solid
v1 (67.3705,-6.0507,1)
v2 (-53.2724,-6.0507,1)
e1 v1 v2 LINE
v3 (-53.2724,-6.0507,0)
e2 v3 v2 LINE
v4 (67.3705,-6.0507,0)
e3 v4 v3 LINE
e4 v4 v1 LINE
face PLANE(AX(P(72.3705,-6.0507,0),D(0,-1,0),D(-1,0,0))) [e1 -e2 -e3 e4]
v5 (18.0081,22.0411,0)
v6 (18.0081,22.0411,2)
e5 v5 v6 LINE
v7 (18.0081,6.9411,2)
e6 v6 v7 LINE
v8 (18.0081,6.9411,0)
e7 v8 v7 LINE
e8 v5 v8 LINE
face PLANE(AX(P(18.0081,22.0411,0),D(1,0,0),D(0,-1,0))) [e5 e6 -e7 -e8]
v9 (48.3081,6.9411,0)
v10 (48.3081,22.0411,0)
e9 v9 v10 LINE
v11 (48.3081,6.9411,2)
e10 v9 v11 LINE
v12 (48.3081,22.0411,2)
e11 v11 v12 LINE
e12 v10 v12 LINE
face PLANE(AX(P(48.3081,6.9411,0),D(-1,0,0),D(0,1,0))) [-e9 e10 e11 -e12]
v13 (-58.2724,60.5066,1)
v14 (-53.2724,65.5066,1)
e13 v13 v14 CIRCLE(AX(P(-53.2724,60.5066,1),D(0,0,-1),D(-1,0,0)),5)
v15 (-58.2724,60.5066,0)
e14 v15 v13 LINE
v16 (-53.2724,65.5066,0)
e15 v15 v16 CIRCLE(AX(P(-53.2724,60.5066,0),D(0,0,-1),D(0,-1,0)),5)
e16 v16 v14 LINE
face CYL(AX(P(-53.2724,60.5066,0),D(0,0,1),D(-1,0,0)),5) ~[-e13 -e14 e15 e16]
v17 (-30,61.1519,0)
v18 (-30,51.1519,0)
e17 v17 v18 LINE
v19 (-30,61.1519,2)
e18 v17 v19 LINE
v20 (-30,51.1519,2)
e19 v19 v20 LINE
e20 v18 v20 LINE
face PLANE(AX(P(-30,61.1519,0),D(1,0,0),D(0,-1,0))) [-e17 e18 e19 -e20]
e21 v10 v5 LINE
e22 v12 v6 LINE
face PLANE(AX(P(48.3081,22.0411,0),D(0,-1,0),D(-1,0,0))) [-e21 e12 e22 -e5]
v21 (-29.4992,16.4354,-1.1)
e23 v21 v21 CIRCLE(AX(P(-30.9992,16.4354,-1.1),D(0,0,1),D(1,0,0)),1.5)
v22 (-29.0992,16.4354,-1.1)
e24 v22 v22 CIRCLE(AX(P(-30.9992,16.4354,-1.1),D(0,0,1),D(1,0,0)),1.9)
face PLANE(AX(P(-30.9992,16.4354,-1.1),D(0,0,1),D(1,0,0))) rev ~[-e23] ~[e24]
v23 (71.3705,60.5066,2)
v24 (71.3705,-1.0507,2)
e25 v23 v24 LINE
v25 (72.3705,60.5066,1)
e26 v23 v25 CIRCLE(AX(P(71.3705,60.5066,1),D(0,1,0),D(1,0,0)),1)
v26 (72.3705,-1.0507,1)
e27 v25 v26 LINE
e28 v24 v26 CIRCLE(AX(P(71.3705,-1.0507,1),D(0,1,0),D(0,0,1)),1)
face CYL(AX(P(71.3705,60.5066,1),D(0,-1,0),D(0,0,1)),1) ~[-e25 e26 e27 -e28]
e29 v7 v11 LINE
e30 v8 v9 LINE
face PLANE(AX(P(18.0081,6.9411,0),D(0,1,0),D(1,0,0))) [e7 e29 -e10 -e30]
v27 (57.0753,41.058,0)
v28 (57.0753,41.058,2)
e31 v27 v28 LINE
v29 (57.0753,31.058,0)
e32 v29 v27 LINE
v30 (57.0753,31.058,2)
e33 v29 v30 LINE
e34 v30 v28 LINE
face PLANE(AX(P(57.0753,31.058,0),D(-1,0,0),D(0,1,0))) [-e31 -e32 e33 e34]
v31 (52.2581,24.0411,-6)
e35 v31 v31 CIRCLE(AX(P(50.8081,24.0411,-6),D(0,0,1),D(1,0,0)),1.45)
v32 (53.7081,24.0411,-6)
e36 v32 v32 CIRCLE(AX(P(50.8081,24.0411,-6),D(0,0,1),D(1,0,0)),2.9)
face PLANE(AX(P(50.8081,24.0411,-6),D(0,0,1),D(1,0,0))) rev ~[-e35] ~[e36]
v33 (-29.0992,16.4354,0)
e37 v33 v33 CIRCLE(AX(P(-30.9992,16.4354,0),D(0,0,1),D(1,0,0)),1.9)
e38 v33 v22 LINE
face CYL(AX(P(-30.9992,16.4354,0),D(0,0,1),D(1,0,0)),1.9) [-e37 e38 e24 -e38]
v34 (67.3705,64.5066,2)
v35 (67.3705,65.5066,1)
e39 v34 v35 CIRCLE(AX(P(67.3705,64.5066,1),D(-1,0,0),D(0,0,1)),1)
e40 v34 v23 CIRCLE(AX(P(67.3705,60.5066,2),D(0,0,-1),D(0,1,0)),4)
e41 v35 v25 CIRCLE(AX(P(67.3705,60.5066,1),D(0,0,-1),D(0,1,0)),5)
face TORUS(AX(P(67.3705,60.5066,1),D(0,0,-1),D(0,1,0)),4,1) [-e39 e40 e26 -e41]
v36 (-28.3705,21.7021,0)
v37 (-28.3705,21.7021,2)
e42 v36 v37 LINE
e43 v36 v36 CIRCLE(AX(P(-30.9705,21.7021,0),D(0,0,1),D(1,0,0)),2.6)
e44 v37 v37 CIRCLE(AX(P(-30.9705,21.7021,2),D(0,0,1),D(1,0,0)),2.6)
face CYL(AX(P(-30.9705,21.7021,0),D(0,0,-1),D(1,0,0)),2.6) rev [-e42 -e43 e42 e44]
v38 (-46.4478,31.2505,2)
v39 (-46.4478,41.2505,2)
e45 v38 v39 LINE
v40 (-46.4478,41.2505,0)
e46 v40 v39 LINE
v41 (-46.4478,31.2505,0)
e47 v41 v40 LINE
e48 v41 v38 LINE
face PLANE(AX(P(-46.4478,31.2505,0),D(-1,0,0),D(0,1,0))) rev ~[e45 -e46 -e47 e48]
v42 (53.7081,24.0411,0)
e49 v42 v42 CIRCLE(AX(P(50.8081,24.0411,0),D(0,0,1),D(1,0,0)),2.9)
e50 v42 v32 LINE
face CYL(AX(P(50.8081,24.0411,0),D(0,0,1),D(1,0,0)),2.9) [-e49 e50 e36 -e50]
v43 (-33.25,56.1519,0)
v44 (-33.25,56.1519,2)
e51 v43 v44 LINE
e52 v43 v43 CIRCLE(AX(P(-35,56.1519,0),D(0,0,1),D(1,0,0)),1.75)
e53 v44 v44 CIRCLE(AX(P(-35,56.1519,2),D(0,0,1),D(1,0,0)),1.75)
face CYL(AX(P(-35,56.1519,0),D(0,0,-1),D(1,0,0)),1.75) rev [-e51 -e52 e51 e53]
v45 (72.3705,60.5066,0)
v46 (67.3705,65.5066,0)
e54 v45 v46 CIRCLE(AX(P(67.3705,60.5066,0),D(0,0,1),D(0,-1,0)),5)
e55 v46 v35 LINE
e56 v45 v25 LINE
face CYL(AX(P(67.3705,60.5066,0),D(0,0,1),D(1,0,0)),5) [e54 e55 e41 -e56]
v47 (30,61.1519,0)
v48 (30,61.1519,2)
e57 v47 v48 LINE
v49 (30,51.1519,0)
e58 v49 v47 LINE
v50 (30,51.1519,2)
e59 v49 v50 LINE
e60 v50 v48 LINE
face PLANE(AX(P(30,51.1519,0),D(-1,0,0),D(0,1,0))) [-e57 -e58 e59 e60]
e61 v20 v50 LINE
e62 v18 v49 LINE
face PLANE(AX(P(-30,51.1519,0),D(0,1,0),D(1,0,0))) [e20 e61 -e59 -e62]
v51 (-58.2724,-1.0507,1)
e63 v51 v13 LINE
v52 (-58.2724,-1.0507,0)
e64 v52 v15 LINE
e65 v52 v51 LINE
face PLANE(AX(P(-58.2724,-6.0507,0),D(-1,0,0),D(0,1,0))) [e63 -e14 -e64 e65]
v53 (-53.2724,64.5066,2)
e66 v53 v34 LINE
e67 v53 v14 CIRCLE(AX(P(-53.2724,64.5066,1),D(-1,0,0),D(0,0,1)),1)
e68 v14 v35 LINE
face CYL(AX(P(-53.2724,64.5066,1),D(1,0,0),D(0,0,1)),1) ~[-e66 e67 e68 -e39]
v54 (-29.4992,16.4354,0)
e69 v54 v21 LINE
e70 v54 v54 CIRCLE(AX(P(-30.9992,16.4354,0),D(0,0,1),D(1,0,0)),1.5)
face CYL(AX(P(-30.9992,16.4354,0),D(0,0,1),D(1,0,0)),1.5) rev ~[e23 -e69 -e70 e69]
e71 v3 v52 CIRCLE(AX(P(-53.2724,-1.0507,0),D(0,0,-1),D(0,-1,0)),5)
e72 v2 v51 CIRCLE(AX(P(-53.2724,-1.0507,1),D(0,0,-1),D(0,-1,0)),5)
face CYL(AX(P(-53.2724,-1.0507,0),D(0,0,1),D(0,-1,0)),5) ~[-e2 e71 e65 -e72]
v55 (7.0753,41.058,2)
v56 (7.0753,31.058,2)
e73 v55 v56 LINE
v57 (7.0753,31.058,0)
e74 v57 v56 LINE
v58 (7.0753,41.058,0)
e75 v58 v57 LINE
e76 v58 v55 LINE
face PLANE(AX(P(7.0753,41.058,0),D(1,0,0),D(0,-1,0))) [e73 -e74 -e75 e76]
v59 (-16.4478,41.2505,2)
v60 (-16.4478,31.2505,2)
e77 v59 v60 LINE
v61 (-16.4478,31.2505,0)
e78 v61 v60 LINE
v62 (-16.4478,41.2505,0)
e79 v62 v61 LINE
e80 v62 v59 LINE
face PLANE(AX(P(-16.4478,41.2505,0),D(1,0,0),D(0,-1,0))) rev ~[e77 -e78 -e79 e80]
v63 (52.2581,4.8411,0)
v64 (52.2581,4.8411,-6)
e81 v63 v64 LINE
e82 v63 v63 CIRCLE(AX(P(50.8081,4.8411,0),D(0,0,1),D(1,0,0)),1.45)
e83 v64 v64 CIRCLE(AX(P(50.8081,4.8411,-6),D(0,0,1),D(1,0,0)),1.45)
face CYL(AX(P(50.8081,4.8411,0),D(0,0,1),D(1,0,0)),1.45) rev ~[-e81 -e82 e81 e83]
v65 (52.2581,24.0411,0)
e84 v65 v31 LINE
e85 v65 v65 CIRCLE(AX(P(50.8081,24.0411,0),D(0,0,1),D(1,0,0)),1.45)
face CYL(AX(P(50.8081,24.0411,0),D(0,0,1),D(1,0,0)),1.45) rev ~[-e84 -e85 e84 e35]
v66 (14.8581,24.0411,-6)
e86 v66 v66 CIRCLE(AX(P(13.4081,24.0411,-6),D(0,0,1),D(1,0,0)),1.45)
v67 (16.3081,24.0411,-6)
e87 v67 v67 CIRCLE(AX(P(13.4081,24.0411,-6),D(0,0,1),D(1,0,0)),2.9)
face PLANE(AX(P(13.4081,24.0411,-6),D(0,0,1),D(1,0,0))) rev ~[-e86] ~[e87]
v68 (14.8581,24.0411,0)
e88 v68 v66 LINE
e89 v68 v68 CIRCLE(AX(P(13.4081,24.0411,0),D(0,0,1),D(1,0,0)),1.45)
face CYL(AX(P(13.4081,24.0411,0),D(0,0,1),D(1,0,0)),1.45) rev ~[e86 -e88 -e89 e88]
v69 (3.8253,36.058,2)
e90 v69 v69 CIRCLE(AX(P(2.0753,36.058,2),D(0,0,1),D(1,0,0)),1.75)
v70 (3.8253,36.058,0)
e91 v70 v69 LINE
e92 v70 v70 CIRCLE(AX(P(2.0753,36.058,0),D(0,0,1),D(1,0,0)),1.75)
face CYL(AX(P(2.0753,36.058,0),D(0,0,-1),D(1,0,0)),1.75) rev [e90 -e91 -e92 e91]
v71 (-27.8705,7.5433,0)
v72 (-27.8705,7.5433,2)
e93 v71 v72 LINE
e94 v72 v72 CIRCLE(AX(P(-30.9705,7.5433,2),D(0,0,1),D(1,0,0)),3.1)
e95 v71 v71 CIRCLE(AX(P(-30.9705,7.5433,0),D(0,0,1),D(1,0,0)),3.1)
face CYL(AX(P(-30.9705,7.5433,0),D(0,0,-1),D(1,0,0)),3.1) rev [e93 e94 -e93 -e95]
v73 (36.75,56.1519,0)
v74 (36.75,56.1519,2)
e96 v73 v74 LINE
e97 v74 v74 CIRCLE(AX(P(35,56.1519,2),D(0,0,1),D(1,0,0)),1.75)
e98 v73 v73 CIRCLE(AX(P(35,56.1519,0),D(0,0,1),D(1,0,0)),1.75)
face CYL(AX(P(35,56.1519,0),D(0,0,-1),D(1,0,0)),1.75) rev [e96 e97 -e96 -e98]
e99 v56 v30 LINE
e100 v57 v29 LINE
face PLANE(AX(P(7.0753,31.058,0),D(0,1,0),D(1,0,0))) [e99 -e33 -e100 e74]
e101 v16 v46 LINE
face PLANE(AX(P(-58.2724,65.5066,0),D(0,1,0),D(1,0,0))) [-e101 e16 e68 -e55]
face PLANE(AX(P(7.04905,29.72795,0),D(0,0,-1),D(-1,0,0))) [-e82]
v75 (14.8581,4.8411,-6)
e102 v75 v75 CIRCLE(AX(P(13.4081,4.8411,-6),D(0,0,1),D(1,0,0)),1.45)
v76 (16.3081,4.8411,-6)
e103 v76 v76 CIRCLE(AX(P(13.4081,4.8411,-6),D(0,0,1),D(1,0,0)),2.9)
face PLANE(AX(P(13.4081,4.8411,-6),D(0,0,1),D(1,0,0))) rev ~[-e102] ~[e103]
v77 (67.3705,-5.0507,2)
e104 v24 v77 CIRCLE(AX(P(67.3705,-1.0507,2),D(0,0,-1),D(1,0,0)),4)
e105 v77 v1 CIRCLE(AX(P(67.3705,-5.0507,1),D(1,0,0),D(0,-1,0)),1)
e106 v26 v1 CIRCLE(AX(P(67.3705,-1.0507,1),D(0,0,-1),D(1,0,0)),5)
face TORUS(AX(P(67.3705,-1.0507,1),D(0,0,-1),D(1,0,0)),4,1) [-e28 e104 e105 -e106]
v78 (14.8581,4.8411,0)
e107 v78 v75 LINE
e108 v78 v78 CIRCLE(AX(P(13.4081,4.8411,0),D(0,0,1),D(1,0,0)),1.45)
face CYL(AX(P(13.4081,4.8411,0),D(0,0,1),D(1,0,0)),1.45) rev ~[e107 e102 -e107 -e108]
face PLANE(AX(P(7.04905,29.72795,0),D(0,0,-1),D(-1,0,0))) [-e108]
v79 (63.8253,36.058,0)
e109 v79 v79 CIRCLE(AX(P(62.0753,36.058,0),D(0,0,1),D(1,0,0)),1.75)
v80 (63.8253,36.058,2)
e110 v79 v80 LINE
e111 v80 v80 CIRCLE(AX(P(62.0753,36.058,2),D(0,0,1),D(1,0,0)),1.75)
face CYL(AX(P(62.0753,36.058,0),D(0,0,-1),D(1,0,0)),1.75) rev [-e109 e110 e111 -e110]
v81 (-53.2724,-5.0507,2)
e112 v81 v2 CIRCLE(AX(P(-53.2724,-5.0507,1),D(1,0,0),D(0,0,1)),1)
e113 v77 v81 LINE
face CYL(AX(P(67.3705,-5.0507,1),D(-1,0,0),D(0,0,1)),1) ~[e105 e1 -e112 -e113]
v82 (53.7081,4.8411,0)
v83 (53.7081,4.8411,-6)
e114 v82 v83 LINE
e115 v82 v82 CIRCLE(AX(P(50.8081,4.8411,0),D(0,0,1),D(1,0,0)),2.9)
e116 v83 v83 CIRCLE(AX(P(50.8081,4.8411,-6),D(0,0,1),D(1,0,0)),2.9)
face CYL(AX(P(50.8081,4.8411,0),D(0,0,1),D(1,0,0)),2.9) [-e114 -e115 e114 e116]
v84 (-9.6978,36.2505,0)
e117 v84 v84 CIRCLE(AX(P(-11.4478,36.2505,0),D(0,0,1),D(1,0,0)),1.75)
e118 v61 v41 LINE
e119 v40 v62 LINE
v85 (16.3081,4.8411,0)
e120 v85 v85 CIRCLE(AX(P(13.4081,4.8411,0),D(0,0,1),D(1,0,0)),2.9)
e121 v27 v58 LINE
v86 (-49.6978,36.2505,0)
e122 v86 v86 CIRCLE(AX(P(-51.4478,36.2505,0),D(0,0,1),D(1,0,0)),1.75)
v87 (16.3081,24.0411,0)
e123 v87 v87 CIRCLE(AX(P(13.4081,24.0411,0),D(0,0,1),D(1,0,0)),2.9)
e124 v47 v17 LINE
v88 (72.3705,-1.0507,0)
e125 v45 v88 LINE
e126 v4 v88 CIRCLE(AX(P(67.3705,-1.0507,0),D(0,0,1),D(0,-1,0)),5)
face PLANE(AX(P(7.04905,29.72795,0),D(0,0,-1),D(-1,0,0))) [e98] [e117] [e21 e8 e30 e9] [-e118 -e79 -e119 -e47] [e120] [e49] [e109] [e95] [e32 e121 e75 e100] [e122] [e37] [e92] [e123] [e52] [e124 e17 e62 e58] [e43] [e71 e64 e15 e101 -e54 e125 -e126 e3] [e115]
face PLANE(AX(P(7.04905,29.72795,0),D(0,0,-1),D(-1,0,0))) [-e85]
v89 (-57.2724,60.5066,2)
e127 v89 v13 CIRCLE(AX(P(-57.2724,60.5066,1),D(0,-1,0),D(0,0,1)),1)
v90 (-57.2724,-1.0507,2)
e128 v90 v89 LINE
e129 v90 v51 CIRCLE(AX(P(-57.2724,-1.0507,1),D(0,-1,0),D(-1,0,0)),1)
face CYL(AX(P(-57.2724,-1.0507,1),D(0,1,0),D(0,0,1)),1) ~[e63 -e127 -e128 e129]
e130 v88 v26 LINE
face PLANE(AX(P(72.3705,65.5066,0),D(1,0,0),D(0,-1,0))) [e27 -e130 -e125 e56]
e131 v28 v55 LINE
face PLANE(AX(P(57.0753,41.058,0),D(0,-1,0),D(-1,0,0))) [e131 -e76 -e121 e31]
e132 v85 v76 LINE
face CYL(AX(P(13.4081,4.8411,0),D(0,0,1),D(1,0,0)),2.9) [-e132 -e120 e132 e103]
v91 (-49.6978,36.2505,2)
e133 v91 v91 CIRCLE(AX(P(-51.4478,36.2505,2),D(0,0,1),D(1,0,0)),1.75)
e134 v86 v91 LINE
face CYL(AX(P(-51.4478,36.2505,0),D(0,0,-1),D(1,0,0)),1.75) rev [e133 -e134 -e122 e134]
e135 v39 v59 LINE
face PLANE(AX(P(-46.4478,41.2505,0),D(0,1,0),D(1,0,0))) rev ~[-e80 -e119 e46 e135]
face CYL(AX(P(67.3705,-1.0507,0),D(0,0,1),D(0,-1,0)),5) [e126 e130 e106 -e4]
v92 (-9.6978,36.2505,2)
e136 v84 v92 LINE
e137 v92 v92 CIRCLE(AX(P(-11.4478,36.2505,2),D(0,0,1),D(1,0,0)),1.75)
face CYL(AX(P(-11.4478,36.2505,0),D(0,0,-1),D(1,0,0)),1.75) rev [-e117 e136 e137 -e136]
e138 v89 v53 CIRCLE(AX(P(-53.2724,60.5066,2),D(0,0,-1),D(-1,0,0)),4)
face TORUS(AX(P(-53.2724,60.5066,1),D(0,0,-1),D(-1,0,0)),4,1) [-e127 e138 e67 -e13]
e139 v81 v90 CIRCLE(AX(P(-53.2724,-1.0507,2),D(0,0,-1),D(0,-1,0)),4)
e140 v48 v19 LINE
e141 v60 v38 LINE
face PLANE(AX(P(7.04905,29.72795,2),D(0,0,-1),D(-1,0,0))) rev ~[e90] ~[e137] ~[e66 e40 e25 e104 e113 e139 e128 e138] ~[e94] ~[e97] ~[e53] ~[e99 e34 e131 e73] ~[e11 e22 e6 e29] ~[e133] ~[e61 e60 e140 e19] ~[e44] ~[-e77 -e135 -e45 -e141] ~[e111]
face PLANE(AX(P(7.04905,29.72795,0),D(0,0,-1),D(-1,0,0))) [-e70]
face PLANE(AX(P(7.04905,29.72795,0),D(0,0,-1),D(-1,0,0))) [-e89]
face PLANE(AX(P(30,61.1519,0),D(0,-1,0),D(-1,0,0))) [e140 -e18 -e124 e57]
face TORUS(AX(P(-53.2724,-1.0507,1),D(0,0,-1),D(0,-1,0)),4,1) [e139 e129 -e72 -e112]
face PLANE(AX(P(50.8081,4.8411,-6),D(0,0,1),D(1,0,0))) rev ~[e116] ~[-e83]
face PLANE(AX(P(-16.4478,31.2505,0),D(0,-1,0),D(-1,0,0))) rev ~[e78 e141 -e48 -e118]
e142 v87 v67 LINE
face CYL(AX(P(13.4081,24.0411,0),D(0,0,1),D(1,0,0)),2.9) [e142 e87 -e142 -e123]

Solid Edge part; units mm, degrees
sketch "Sketch1" plane through (0, 0, 0) normal (0, 0, 1) x (1, 0, 0)
  circle A0 centre (-30.9705, 21.7021) radius 2.6
  line L0 (-16.4478, 31.2505) -> (-46.4478, 31.2505)
  line L1 (-46.4478, 31.2505) -> (-46.4478, 41.2505)
  line L2 (-46.4478, 41.2505) -> (-16.4478, 41.2505)
  line L3 (-16.4478, 41.2505) -> (-16.4478, 31.2505)
  circle A1 centre (-30.9705, 7.5433) radius 3.1
  circle A2 centre (50.8081, 24.0411) radius 2.9
  line L4 (72.3705, -6.0507) -> (-58.2724, -6.0507)
  line L5 (-58.2724, -6.0507) -> (-58.2724, 65.5066)
  line L6 (-58.2724, 65.5066) -> (72.3705, 65.5066)
  line L7 (72.3705, 65.5066) -> (72.3705, -6.0507)
  line L8 (30, 61.1519) -> (-30, 61.1519)
  line L9 (-30, 61.1519) -> (-30, 51.1519)
  line L10 (-30, 51.1519) -> (30, 51.1519)
  line L11 (30, 51.1519) -> (30, 61.1519)
  line L12 (57.0753, 31.058) -> (57.0753, 41.058)
  line L13 (57.0753, 41.058) -> (7.0753, 41.058)
  line L14 (7.0753, 41.058) -> (7.0753, 31.058)
  line L15 (7.0753, 31.058) -> (57.0753, 31.058)
  circle A3 centre (62.0753, 36.058) radius 1.75
  circle A4 centre (35, 56.1519) radius 1.75
  circle A5 centre (-51.4478, 36.2505) radius 1.75
  circle A6 centre (-35, 56.1519) radius 1.75
  circle A7 centre (2.0753, 36.058) radius 1.75
  circle A8 centre (-11.4478, 36.2505) radius 1.75
  circle A9 centre (13.4081, 4.8411) radius 2.9
  line L16 (48.3081, 6.9411) -> (48.3081, 22.0411)
  line L17 (48.3081, 22.0411) -> (18.0081, 22.0411)
  line L18 (18.0081, 22.0411) -> (18.0081, 6.9411)
  line L19 (18.0081, 6.9411) -> (48.3081, 6.9411)
  circle A10 centre (13.4081, 24.0411) radius 2.9
  circle A11 centre (50.8081, 4.8411) radius 2.9
  dimension "D1" = 60
  dimension "D2" = 10
  dimension "D3" = 10
  dimension "D4" = 30
  dimension "D5" = 10
  dimension "D6" = 50
  dimension "D7" = 5
  dimension "D8" = 5
  dimension "D9" = 5
  dimension "D10" = 5
  dimension "D11" = 5
  dimension "D12" = 5
  dimension "D13" = 2.9
  dimension "D14" = 2.9
  dimension "D15" = 2.5
extrude "Protrusion1" add sketch "Sketch1" along normal blind 2
fillet "Round_1" [suppressed]
fillet "Round_2" [suppressed]
sketch "Sketch2" plane through (0, 0, 0) normal (0, 0, 1) x (1, 0, 0)
  circle A0 centre (-30.9992, 16.4354) radius 1.5
  circle A1 centre (-30.9992, 16.4354) radius 1.9
  dimension "D1" = 60
  dimension "D2" = 10
  dimension "D3" = 10
  dimension "D4" = 30
  dimension "D5" = 10
  dimension "D6" = 50
  dimension "D7" = 5
  dimension "D8" = 5
  dimension "D9" = 5
  dimension "D10" = 5
  dimension "D11" = 5
  dimension "D12" = 5
  dimension "D13" = 2.9
  dimension "D14" = 2.9
  dimension "D15" = 2.5
extrude "ExtrudedProtrusion_3" add sketch "Sketch2" against normal blind 1.1
fillet "Round_3" radius 5 4 edges at (-58.2724, -6.0507, 1) (-58.2724, 65.5066, 1) (72.3705, -6.0507, 1) (72.3705, 65.5066, 1)
fillet "Round_4" radius 1 8 edges at (7.049, 65.5066, 2) (70.906, 64.0422, 2) (72.3705, 29.7279, 2) (70.906, -4.5863, 2) (7.049, -6.0507, 2) (-56.8079, -4.5863, 2) (-58.2724, 29.7279, 2) (-56.8079, 64.0422, 2)
sketch "Sketch3" plane through (0, 0, 0) normal (0, 0, 1) x (1, 0, 0)
  circle A0 centre (50.8081, 4.8411) radius 2.9
  circle A1 centre (13.4081, 4.8411) radius 2.9
  circle A2 centre (13.4081, 24.0411) radius 2.9
  circle A3 centre (50.8081, 24.0411) radius 2.9
  dimension "D1" = 60
  dimension "D2" = 10
  dimension "D3" = 10
  dimension "D4" = 30
  dimension "D5" = 10
  dimension "D6" = 50
  dimension "D7" = 5
  dimension "D8" = 5
  dimension "D9" = 5
  dimension "D10" = 5
  dimension "D11" = 5
  dimension "D12" = 5
  dimension "D13" = 2.9
  dimension "D14" = 2.9
  dimension "D15" = 2.5
extrude "ExtrudedProtrusion_6" add sketch "Sketch3" along normal blind 2
sketch "Sketch4" plane through (0, 0, 0) normal (0, 0, 1) x (1, 0, 0)
  circle A0 centre (50.8081, 24.0411) radius 2.9
  circle A1 centre (50.8081, 24.0411) radius 1.45
  circle A2 centre (50.8081, 4.8411) radius 2.9
  circle A3 centre (50.8081, 4.8411) radius 1.45
  circle A4 centre (13.4081, 4.8411) radius 2.9
  circle A5 centre (13.4081, 4.8411) radius 1.45
  circle A6 centre (13.4081, 24.0411) radius 2.9
  circle A7 centre (13.4081, 24.0411) radius 1.45
  dimension "D1" = 60
  dimension "D2" = 10
  dimension "D3" = 10
  dimension "D4" = 30
  dimension "D5" = 10
  dimension "D6" = 50
  dimension "D7" = 5
  dimension "D8" = 5
  dimension "D9" = 5
  dimension "D10" = 5
  dimension "D11" = 5
  dimension "D12" = 5
  dimension "D13" = 2.9
  dimension "D14" = 2.9
  dimension "D15" = 2.5
extrude "ExtrudedProtrusion_7" add sketch "Sketch4" against normal blind 6
